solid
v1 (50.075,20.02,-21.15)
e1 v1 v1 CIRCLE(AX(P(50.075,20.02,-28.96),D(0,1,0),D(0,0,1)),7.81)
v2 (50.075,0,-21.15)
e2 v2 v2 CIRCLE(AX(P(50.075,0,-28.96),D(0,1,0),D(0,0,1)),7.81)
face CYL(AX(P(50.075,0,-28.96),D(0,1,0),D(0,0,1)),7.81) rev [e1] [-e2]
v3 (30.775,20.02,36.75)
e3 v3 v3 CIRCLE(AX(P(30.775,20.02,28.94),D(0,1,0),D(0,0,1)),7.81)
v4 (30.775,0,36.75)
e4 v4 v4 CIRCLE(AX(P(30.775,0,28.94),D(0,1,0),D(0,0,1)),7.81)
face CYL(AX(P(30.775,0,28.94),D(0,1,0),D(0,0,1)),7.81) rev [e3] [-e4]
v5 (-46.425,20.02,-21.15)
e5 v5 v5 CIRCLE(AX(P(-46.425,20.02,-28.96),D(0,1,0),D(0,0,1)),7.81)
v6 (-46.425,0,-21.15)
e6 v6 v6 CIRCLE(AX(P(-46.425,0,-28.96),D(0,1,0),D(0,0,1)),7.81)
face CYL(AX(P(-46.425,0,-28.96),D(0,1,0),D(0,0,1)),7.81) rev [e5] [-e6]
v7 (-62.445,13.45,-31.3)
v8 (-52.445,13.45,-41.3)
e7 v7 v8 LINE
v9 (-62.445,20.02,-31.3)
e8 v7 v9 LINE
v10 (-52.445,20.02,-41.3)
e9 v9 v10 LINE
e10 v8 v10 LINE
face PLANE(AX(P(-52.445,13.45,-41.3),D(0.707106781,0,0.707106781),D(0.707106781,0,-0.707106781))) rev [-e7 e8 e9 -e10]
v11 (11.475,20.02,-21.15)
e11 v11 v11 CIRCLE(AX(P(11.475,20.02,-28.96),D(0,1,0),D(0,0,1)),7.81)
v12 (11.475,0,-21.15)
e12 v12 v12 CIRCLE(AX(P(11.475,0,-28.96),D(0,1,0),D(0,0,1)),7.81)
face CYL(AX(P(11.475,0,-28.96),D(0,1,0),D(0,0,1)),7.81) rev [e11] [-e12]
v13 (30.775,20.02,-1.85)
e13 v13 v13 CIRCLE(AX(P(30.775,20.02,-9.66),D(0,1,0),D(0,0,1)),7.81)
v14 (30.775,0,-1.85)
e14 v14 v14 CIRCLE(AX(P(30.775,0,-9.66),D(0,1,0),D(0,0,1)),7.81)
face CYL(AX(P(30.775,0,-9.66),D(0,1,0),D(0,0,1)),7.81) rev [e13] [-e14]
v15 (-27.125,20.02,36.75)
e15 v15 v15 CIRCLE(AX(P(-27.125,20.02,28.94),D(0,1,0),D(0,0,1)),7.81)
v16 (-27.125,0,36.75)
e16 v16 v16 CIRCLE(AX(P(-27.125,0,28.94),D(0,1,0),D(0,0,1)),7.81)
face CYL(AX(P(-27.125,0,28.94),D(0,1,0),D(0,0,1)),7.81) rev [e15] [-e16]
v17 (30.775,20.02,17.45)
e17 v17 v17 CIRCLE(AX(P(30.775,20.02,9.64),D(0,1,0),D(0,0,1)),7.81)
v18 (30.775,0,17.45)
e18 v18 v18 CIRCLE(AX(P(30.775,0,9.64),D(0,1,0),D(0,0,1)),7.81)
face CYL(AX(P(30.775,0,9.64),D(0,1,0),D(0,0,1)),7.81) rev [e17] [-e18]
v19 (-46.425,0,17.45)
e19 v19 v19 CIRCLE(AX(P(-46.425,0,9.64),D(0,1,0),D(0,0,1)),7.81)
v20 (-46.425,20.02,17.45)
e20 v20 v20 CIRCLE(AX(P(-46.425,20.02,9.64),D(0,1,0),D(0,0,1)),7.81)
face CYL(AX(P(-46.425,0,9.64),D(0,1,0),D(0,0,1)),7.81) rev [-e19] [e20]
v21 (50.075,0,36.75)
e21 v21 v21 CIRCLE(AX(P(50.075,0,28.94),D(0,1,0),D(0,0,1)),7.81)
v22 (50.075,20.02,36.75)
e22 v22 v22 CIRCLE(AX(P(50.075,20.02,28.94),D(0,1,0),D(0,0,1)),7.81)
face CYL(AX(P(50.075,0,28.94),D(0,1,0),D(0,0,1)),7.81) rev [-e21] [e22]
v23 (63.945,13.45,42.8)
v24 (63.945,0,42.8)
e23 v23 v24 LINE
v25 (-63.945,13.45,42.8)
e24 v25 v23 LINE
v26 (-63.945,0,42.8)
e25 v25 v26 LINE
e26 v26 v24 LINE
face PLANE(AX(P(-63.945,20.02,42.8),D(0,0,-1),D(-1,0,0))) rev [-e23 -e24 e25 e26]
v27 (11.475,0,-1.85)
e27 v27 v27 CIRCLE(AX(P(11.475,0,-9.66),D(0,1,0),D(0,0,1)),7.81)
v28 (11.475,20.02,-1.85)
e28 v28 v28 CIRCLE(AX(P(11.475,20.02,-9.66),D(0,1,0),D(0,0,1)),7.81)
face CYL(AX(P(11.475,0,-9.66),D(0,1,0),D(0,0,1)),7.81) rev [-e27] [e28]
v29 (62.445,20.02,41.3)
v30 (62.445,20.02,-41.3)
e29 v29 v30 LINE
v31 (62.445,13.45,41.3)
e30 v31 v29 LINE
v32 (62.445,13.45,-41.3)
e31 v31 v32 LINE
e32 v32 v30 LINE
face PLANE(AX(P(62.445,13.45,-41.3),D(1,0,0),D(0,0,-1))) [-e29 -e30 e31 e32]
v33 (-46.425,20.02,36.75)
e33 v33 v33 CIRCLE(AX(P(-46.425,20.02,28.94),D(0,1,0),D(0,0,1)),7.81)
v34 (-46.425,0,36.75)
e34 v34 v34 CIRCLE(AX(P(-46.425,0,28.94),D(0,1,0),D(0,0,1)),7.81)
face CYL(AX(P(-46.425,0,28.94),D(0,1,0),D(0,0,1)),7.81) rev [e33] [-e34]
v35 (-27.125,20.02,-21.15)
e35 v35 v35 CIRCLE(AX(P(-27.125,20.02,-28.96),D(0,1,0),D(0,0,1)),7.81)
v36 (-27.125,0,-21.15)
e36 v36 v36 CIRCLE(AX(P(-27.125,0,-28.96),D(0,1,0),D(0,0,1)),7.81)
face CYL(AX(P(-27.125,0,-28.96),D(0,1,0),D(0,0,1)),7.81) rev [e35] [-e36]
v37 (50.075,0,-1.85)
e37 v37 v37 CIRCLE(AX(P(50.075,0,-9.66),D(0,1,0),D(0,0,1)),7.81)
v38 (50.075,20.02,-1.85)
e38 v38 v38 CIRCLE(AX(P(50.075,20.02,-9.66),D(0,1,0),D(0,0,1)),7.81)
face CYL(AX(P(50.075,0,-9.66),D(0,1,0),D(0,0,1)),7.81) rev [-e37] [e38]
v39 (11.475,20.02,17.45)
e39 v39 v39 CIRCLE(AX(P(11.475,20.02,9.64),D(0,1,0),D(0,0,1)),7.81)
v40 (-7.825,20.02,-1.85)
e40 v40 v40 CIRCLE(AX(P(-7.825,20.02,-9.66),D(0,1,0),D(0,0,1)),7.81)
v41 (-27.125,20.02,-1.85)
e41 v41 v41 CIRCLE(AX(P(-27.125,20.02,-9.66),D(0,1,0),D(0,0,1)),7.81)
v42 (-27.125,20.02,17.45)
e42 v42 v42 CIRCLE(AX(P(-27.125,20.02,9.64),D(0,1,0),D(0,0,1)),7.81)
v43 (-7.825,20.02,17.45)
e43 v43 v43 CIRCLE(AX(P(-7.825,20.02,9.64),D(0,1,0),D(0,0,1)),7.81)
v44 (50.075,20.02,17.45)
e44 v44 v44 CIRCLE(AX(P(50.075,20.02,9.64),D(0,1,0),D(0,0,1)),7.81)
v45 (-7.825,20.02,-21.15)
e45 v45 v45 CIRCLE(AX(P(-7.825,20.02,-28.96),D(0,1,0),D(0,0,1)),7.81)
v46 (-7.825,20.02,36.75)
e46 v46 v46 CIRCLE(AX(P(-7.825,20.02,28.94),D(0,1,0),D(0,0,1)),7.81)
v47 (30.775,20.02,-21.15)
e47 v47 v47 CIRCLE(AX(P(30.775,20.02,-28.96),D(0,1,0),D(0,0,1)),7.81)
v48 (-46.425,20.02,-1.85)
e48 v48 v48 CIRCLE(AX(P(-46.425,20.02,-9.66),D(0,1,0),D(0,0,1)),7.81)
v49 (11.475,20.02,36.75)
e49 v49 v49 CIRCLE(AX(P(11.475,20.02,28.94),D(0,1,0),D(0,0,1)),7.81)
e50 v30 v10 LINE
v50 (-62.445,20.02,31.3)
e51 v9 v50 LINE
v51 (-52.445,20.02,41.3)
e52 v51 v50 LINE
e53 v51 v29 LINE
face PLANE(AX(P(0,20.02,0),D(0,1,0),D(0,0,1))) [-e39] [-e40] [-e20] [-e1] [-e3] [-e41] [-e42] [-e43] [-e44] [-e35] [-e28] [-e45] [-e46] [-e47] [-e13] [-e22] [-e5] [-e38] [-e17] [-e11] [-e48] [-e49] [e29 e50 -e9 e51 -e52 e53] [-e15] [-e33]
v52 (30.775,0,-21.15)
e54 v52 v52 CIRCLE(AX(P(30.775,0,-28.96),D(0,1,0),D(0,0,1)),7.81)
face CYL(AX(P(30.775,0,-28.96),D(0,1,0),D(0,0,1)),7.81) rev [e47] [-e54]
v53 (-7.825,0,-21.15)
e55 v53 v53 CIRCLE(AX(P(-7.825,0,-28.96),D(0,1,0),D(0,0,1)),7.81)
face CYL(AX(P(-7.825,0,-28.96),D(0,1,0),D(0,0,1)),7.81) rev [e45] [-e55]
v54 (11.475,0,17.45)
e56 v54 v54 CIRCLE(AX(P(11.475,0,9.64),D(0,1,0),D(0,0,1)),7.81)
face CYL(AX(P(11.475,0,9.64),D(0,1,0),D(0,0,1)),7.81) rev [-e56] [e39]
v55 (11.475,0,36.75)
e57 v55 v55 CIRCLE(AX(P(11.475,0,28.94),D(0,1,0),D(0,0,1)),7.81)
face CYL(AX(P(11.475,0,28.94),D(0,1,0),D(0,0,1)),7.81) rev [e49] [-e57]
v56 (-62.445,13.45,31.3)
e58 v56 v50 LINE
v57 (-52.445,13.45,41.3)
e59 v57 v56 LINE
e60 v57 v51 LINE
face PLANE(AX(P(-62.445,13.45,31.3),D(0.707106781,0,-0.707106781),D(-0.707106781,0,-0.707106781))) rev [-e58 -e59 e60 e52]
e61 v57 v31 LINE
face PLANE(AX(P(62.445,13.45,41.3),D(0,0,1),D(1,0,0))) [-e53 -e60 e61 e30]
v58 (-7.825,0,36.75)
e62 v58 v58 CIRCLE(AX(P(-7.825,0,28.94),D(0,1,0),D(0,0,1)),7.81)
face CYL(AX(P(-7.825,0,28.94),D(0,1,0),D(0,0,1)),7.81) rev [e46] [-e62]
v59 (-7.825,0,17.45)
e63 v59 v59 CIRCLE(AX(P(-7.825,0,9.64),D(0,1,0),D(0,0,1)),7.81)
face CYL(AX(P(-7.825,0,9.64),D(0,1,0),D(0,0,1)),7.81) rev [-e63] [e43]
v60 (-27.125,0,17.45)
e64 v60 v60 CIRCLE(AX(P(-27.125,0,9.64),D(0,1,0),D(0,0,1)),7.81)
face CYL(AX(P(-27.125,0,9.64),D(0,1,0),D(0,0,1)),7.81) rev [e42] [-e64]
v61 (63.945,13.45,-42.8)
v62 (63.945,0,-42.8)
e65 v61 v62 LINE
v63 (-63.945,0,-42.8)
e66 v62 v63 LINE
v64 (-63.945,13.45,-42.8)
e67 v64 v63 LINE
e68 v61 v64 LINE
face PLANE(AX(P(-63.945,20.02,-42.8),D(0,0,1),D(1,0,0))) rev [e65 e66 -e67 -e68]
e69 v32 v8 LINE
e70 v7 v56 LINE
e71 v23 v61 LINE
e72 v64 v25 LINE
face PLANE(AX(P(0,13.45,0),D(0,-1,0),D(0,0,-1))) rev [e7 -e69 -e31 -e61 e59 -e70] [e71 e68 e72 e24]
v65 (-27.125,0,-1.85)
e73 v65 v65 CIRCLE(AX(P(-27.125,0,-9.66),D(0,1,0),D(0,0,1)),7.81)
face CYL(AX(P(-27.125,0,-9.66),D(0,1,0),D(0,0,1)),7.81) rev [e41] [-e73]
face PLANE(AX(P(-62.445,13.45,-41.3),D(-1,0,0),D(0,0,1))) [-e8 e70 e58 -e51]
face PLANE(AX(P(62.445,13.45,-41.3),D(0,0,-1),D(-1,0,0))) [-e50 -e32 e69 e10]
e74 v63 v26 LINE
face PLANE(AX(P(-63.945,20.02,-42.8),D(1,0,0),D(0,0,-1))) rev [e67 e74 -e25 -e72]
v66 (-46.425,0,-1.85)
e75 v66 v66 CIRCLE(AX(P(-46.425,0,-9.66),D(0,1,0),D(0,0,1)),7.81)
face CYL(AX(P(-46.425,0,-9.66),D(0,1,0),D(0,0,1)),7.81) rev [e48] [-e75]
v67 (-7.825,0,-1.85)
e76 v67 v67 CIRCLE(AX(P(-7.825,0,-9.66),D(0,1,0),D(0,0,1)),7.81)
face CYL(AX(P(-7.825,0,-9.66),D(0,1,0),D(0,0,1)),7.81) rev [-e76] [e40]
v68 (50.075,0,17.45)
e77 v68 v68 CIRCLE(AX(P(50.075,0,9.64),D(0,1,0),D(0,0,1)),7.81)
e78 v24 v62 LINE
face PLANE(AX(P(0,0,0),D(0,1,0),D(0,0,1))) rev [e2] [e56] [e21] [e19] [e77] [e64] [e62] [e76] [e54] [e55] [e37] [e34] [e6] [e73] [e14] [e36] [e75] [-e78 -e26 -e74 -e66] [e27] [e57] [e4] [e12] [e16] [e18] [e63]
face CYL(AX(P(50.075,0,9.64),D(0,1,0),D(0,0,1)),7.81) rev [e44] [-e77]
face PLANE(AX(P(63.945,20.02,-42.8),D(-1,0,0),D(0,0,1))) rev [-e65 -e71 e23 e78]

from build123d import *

# Parameters (mm, degrees)
SKETCH1_W         = 127.89
SKETCH1_H         = 85.6
MAIN_PLATE_DEPTH  = 20.02
WELLS_LSP_R       = 7.81
WELLS_DEPTH_DEPTH = 80.508511651
SKETCH7_W         = 127.89
SKETCH7_H         = 85.6
SKETCH7_W_2       = 124.89
SKETCH7_H_2       = 82.6
FLANGE_DEPTH      = 6.57
STYLE_3_DEPTH     = 6.57


with BuildPart() as part:
    # Sketch1 → Main Plate (new body)
    with BuildSketch(Plane(origin=(0, 0, 0), x_dir=(1, 0, 0), z_dir=(0, 1, 0))):
        Rectangle(SKETCH1_W, SKETCH1_H)
    extrude(amount=MAIN_PLATE_DEPTH)

    # Wells_LSP → Wells Depth (cut, through all)
    with BuildSketch(Plane(origin=(0, 20.02, 0), x_dir=(1, 0, 0), z_dir=(0, 1, 0))):
        with Locations(Location((-46.425, 28.96, 0), (0, 0, 270))):
            Circle(WELLS_LSP_R)
        with Locations(Location((-27.125, 28.96, 0), (0, 0, 270))):
            Circle(WELLS_LSP_R)
        with Locations(Location((-7.825, 28.96, 0), (0, 0, 270))):
            Circle(WELLS_LSP_R)
        with Locations(Location((11.475, 28.96, 0), (0, 0, 270))):
            Circle(WELLS_LSP_R)
        with Locations(Location((30.775, 28.96, 0), (0, 0, 270))):
            Circle(WELLS_LSP_R)
        with Locations(Location((50.075, 28.96, 0), (0, 0, 270))):
            Circle(WELLS_LSP_R)
        with Locations(Location((-27.125, 9.66, 0), (0, 0, 270))):
            Circle(WELLS_LSP_R)
        with Locations(Location((-7.825, 9.66, 0), (0, 0, 270))):
            Circle(WELLS_LSP_R)
        with Locations(Location((11.475, 9.66, 0), (0, 0, 270))):
            Circle(WELLS_LSP_R)
        with Locations(Location((30.775, 9.66, 0), (0, 0, 270))):
            Circle(WELLS_LSP_R)
        with Locations(Location((50.075, 9.66, 0), (0, 0, 270))):
            Circle(WELLS_LSP_R)
        with Locations(Location((-27.125, -9.64, 0), (0, 0, 270))):
            Circle(WELLS_LSP_R)
        with Locations(Location((-7.825, -9.64, 0), (0, 0, 270))):
            Circle(WELLS_LSP_R)
        with Locations(Location((11.475, -9.64, 0), (0, 0, 270))):
            Circle(WELLS_LSP_R)
        with Locations(Location((30.775, -9.64, 0), (0, 0, 270))):
            Circle(WELLS_LSP_R)
        with Locations(Location((50.075, -9.64, 0), (0, 0, 270))):
            Circle(WELLS_LSP_R)
        with Locations(Location((-27.125, -28.94, 0), (0, 0, 270))):
            Circle(WELLS_LSP_R)
        with Locations(Location((-7.825, -28.94, 0), (0, 0, 270))):
            Circle(WELLS_LSP_R)
        with Locations(Location((11.475, -28.94, 0), (0, 0, 270))):
            Circle(WELLS_LSP_R)
        with Locations(Location((30.775, -28.94, 0), (0, 0, 270))):
            Circle(WELLS_LSP_R)
        with Locations(Location((50.075, -28.94, 0), (0, 0, 270))):
            Circle(WELLS_LSP_R)
        with Locations(Location((-46.425, 9.66, 0), (0, 0, 270))):
            Circle(WELLS_LSP_R)
        with Locations(Location((-46.425, -9.64, 0), (0, 0, 270))):
            Circle(WELLS_LSP_R)
        with Locations(Location((-46.425, -28.94, 0), (0, 0, 270))):
            Circle(WELLS_LSP_R)
    extrude(amount=-WELLS_DEPTH_DEPTH, mode=Mode.SUBTRACT)

    # Sketch7 → Flange (cut)
    with BuildSketch(Plane(origin=(0, 20.02, 0), x_dir=(1, 0, 0), z_dir=(0, 1, 0))):
        Rectangle(SKETCH7_W, SKETCH7_H)
        Rectangle(SKETCH7_W_2, SKETCH7_H_2, mode=Mode.SUBTRACT)
    extrude(amount=-FLANGE_DEPTH, mode=Mode.SUBTRACT)

    # Style Sketch → Style <3 (cut)
    with BuildSketch(Plane(origin=(0, 20.02, 0), x_dir=(1, 0, 0), z_dir=(0, 1, 0))):
        Polygon((-62.445, 41.3), (-52.445, 41.3), (-62.445, 31.3), align=None)
        Polygon((-62.445, -41.3), (-52.445, -41.3), (-62.445, -31.3), align=None)
    extrude(amount=-STYLE_3_DEPTH, mode=Mode.SUBTRACT)


solid = part.part
